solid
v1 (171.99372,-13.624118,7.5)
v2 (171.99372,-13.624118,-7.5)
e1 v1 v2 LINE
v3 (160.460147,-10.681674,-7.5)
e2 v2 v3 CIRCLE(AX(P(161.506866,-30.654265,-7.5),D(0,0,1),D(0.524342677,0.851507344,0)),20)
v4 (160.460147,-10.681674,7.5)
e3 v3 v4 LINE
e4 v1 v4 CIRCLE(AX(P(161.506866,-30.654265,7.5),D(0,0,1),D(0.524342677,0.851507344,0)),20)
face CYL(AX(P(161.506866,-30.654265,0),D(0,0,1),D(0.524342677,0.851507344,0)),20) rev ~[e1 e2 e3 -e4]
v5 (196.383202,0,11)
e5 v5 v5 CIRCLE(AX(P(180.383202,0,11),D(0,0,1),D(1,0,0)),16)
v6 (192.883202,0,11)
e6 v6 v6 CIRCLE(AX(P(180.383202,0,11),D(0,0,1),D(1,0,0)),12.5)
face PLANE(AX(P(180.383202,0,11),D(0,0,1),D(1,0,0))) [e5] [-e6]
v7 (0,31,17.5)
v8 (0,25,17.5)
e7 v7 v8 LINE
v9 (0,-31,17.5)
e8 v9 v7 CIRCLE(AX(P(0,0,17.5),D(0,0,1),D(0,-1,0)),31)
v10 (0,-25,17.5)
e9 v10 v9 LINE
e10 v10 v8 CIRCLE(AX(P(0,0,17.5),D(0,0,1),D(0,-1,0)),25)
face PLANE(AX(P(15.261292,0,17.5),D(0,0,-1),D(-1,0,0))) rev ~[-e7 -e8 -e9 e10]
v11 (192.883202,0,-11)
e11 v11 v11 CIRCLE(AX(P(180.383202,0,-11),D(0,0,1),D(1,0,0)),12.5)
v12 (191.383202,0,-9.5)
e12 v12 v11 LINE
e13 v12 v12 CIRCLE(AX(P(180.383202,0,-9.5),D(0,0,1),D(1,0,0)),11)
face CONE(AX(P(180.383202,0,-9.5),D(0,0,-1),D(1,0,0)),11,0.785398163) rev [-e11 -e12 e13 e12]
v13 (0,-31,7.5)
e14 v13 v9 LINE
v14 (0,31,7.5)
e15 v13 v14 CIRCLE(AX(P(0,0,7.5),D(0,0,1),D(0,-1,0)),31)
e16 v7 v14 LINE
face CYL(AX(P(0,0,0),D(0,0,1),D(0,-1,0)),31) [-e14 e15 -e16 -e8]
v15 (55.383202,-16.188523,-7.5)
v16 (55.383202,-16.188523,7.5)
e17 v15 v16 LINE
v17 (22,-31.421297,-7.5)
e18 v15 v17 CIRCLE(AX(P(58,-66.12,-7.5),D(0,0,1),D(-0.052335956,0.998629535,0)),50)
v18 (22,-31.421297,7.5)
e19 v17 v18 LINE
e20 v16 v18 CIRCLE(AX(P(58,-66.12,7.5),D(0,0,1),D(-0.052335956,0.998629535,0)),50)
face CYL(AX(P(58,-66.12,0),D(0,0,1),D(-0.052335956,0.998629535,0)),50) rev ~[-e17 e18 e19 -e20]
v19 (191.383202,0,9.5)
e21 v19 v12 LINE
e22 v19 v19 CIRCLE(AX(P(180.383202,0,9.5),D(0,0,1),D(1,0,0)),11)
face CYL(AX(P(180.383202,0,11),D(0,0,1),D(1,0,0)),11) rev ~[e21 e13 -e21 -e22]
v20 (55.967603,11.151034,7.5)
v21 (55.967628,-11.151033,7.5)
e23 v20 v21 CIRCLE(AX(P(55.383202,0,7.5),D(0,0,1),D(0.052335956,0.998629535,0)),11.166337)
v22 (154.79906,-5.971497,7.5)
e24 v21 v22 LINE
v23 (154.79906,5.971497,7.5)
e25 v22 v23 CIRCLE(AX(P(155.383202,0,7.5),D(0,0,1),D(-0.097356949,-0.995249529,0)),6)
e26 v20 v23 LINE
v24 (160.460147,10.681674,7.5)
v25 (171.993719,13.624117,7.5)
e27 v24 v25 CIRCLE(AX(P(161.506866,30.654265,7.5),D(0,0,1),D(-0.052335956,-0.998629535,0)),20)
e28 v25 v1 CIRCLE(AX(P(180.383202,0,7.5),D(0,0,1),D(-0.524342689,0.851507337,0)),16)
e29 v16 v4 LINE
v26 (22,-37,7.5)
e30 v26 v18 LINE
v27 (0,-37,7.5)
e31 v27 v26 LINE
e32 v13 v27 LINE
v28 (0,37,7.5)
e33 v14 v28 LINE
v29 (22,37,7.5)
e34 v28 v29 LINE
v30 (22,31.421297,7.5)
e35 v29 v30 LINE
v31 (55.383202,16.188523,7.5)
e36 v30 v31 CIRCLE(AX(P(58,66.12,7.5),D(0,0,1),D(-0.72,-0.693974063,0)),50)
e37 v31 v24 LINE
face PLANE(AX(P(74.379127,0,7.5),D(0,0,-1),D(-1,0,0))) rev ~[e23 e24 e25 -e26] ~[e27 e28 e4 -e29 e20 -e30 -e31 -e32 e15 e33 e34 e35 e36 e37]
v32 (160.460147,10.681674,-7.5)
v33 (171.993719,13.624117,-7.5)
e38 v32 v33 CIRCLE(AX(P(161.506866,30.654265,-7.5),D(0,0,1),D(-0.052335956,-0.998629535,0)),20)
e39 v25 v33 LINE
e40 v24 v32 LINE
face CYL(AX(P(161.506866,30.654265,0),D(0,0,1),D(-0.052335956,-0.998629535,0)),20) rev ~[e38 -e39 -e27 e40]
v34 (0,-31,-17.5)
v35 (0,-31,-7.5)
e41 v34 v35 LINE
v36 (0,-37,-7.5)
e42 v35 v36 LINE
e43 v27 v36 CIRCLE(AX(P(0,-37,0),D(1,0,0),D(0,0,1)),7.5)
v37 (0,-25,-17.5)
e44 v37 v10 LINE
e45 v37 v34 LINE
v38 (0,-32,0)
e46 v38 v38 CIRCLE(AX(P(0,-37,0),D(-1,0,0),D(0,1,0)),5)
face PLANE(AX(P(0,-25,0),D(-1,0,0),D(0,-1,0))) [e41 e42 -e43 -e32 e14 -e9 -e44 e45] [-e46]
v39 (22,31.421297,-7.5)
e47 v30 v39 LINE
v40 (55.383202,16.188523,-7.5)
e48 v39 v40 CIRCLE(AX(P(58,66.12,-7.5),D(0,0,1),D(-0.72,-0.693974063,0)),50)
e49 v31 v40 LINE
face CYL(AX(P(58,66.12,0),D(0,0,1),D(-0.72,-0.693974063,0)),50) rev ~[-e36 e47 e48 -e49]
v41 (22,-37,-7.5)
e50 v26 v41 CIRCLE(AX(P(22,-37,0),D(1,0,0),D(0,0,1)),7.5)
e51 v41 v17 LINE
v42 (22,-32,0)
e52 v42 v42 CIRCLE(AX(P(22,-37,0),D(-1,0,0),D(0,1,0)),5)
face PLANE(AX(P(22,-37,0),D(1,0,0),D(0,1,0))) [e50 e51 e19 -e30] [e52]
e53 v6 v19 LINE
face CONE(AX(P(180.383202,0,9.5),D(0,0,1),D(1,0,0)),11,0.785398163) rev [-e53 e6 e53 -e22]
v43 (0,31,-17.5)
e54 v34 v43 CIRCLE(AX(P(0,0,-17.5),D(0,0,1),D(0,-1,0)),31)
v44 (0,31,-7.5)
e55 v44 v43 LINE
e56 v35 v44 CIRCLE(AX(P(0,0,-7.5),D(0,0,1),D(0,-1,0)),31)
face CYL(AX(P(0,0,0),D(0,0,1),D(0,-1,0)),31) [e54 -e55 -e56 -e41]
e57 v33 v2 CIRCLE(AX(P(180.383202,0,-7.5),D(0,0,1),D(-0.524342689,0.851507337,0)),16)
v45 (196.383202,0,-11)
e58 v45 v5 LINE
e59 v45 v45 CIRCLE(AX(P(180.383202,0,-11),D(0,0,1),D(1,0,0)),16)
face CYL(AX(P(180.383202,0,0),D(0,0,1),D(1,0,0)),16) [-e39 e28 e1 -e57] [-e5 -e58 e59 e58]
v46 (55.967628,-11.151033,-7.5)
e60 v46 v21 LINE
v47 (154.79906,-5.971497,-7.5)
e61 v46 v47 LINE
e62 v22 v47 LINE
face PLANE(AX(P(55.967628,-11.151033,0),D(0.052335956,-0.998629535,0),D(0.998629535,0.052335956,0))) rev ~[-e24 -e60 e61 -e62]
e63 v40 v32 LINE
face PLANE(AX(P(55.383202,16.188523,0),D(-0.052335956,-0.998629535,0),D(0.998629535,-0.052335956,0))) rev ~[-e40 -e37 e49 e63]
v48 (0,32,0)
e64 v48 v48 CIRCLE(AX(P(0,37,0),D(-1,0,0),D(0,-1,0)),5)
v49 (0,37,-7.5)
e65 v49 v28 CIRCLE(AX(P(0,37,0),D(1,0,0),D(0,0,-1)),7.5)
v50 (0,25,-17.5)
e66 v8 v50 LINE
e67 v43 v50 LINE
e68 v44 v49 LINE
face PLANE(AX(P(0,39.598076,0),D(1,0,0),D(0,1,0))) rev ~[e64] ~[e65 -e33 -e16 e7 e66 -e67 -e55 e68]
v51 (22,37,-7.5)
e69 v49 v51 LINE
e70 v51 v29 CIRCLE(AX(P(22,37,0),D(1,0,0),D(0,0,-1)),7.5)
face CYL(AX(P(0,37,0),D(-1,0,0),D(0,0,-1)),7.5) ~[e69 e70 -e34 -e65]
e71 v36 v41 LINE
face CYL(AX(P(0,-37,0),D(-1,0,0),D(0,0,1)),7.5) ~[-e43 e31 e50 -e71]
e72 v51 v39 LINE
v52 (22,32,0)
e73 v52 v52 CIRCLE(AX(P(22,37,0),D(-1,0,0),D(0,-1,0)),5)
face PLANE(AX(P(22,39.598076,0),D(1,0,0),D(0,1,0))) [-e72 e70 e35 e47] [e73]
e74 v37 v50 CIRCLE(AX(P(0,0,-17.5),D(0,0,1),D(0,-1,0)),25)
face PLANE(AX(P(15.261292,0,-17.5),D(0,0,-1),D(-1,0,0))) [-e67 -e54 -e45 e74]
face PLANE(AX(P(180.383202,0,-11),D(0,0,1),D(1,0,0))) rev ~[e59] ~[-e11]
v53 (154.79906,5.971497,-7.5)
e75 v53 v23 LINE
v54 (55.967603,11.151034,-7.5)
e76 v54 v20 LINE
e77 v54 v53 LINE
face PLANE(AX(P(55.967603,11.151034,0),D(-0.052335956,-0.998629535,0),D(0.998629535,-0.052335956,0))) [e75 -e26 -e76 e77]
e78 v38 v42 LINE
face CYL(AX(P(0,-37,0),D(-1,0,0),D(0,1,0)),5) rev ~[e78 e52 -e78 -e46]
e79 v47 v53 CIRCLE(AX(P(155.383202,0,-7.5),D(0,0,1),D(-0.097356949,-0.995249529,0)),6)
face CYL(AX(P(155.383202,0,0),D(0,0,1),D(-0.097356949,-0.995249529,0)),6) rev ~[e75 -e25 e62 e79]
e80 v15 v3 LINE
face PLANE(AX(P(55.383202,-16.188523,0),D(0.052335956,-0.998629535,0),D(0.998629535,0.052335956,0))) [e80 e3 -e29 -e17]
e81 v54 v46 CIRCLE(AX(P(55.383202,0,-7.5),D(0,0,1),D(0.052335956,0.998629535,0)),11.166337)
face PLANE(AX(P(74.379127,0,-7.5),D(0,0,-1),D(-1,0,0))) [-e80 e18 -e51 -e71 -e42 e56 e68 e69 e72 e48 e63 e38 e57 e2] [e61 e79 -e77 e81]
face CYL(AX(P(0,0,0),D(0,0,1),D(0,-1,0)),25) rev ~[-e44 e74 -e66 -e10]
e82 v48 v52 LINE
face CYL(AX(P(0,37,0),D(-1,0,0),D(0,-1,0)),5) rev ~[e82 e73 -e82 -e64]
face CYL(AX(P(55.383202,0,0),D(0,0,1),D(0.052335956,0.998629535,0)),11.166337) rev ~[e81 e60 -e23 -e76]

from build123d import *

# Parameters (mm, degrees)
PAD_DEPTH          = 7.5
PAD001_DEPTH       = 17.5
PAD002_DEPTH       = 22
SKETCH_R           = 5
POCKET_DEPTH       = 22
POLARPATTERN_COUNT = 2
SKETCH004_R        = 16
PAD003_DEPTH       = 11
SKETCH005_R        = 11
POCKET001_DEPTH    = 22
CHAMFER_SIZE       = 1.5
CHAMFER001_SIZE    = 1.5


with BuildPart() as part:
    # CopySketch → Pad (new body, symmetric)
    with BuildSketch(Plane.XY):
        with BuildLine():
            Line((0, 31), (0, 37))
            Line((0, 37), (22, 37))
            Line((22, 37), (22, 31.4212968542))
            ThreePointArc((22, 31.4212968542), (37.2437089984, 20.6317995096), (55.3832021879, 16.1885232623))
            Line((55.3832021879, 16.1885232623), (160.4601470712, 10.6816739271))
            ThreePointArc((160.4601470712, 10.6816739271), (166.4509055525, 11.2749850989), (171.9937191701, 13.6241173914))
            ThreePointArc((171.9937191701, 13.6241173914), (164.3832021879, -3.37e-07), (171.993719744, -13.6241177448))
            ThreePointArc((171.993719744, -13.6241177448), (166.450905879, -11.2749851822), (160.4601470712, -10.6816739271))
            Line((55.3832021879, -16.1885232623), (160.4601470712, -10.6816739271))
            ThreePointArc((55.3832021879, -16.1885232623), (37.2437089984, -20.6317995096), (22, -31.4212968542))
            Line((22, -37), (22, -31.4212968542))
            Line((0, -37), (22, -37))
            Line((0, -31), (0, -37))
            ThreePointArc((0, -31), (31, 0), (0, 31))
        make_face()
        with BuildLine():
            ThreePointArc((154.7990604967, -5.9714971728), (161.3832021879, 0), (154.7990604967, 5.9714971728))
            Line((55.9676031362, 11.1510343764), (154.7990604967, 5.9714971728))
            ThreePointArc((55.9676031362, 11.1510343764), (44.2168647341, -1.26234e-05), (55.9676283484, -11.151033055))
            Line((55.9676283484, -11.151033055), (154.7990604967, -5.9714971728))
        make_face(mode=Mode.SUBTRACT)
    extrude(amount=PAD_DEPTH, both=True)

    # Sketch001 → Pad001 (join, symmetric)
    with BuildSketch(Plane.XY):
        with BuildLine():
            ThreePointArc((0, -25), (25, 0), (0, 25))
            Line((0, 31), (0, 25))
            ThreePointArc((0, -31), (31, 0), (0, 31))
            Line((0, -25), (0, -31))
        make_face()
    extrude(amount=PAD001_DEPTH, both=True)

    # Sketch003 → Pad002 (join)
    with BuildSketch(Plane.YZ):
        with BuildLine():
            ThreePointArc((37, -7.5), (44.5, 0), (37, 7.5))
            Line((37, 7.5), (37, -7.5))
        make_face()
        with BuildLine():
            ThreePointArc((-37, 7.5), (-44.5, 0), (-37, -7.5))
            Line((-37, 7.5), (-37, -7.5))
        make_face()
    extrude(amount=PAD002_DEPTH)

    # Sketch (on Face13 of Pad002) → Pocket (cut)
    with BuildSketch(Plane(origin=(0, 0, 0), x_dir=(0, -1, 0), z_dir=(-1, 0, 0))):
        with Locations((-37, 0)):
            Circle(SKETCH_R)
    pocket = extrude(amount=-POCKET_DEPTH, mode=Mode.SUBTRACT)

    # PolarPattern: Pocket ×2 about axis
    polarpattern_axis = Axis((0, 0, 0), (-1, 0, 0))
    for i in range(1, POLARPATTERN_COUNT):
        add(pocket.rotate(polarpattern_axis, i * 360 / POLARPATTERN_COUNT), mode=Mode.SUBTRACT)

    # Sketch004 → Pad003 (join, symmetric)
    with BuildSketch(Plane.XY):
        with Locations((180.383202, 0)):
            Circle(SKETCH004_R)
    extrude(amount=PAD003_DEPTH, both=True)

    # Sketch005 (on Face3 of Pad003) → Pocket001 (cut)
    with BuildSketch(Plane.XY.offset(11)):
        with Locations((180.383202, 0)):
            Circle(SKETCH005_R)
    extrude(amount=-POCKET001_DEPTH, mode=Mode.SUBTRACT)

    # Chamfer
    chamfer_edges = [part.edges().sort_by_distance(p)[0] for p in [
        (169.383202, 0, 11),
    ]]
    chamfer(chamfer_edges, length=CHAMFER_SIZE)

    # Chamfer001
    chamfer001_edges = [part.edges().sort_by_distance(p)[0] for p in [
        (169.383202, 0, -11),
    ]]
    chamfer(chamfer001_edges, length=CHAMFER001_SIZE)


solid = part.part
